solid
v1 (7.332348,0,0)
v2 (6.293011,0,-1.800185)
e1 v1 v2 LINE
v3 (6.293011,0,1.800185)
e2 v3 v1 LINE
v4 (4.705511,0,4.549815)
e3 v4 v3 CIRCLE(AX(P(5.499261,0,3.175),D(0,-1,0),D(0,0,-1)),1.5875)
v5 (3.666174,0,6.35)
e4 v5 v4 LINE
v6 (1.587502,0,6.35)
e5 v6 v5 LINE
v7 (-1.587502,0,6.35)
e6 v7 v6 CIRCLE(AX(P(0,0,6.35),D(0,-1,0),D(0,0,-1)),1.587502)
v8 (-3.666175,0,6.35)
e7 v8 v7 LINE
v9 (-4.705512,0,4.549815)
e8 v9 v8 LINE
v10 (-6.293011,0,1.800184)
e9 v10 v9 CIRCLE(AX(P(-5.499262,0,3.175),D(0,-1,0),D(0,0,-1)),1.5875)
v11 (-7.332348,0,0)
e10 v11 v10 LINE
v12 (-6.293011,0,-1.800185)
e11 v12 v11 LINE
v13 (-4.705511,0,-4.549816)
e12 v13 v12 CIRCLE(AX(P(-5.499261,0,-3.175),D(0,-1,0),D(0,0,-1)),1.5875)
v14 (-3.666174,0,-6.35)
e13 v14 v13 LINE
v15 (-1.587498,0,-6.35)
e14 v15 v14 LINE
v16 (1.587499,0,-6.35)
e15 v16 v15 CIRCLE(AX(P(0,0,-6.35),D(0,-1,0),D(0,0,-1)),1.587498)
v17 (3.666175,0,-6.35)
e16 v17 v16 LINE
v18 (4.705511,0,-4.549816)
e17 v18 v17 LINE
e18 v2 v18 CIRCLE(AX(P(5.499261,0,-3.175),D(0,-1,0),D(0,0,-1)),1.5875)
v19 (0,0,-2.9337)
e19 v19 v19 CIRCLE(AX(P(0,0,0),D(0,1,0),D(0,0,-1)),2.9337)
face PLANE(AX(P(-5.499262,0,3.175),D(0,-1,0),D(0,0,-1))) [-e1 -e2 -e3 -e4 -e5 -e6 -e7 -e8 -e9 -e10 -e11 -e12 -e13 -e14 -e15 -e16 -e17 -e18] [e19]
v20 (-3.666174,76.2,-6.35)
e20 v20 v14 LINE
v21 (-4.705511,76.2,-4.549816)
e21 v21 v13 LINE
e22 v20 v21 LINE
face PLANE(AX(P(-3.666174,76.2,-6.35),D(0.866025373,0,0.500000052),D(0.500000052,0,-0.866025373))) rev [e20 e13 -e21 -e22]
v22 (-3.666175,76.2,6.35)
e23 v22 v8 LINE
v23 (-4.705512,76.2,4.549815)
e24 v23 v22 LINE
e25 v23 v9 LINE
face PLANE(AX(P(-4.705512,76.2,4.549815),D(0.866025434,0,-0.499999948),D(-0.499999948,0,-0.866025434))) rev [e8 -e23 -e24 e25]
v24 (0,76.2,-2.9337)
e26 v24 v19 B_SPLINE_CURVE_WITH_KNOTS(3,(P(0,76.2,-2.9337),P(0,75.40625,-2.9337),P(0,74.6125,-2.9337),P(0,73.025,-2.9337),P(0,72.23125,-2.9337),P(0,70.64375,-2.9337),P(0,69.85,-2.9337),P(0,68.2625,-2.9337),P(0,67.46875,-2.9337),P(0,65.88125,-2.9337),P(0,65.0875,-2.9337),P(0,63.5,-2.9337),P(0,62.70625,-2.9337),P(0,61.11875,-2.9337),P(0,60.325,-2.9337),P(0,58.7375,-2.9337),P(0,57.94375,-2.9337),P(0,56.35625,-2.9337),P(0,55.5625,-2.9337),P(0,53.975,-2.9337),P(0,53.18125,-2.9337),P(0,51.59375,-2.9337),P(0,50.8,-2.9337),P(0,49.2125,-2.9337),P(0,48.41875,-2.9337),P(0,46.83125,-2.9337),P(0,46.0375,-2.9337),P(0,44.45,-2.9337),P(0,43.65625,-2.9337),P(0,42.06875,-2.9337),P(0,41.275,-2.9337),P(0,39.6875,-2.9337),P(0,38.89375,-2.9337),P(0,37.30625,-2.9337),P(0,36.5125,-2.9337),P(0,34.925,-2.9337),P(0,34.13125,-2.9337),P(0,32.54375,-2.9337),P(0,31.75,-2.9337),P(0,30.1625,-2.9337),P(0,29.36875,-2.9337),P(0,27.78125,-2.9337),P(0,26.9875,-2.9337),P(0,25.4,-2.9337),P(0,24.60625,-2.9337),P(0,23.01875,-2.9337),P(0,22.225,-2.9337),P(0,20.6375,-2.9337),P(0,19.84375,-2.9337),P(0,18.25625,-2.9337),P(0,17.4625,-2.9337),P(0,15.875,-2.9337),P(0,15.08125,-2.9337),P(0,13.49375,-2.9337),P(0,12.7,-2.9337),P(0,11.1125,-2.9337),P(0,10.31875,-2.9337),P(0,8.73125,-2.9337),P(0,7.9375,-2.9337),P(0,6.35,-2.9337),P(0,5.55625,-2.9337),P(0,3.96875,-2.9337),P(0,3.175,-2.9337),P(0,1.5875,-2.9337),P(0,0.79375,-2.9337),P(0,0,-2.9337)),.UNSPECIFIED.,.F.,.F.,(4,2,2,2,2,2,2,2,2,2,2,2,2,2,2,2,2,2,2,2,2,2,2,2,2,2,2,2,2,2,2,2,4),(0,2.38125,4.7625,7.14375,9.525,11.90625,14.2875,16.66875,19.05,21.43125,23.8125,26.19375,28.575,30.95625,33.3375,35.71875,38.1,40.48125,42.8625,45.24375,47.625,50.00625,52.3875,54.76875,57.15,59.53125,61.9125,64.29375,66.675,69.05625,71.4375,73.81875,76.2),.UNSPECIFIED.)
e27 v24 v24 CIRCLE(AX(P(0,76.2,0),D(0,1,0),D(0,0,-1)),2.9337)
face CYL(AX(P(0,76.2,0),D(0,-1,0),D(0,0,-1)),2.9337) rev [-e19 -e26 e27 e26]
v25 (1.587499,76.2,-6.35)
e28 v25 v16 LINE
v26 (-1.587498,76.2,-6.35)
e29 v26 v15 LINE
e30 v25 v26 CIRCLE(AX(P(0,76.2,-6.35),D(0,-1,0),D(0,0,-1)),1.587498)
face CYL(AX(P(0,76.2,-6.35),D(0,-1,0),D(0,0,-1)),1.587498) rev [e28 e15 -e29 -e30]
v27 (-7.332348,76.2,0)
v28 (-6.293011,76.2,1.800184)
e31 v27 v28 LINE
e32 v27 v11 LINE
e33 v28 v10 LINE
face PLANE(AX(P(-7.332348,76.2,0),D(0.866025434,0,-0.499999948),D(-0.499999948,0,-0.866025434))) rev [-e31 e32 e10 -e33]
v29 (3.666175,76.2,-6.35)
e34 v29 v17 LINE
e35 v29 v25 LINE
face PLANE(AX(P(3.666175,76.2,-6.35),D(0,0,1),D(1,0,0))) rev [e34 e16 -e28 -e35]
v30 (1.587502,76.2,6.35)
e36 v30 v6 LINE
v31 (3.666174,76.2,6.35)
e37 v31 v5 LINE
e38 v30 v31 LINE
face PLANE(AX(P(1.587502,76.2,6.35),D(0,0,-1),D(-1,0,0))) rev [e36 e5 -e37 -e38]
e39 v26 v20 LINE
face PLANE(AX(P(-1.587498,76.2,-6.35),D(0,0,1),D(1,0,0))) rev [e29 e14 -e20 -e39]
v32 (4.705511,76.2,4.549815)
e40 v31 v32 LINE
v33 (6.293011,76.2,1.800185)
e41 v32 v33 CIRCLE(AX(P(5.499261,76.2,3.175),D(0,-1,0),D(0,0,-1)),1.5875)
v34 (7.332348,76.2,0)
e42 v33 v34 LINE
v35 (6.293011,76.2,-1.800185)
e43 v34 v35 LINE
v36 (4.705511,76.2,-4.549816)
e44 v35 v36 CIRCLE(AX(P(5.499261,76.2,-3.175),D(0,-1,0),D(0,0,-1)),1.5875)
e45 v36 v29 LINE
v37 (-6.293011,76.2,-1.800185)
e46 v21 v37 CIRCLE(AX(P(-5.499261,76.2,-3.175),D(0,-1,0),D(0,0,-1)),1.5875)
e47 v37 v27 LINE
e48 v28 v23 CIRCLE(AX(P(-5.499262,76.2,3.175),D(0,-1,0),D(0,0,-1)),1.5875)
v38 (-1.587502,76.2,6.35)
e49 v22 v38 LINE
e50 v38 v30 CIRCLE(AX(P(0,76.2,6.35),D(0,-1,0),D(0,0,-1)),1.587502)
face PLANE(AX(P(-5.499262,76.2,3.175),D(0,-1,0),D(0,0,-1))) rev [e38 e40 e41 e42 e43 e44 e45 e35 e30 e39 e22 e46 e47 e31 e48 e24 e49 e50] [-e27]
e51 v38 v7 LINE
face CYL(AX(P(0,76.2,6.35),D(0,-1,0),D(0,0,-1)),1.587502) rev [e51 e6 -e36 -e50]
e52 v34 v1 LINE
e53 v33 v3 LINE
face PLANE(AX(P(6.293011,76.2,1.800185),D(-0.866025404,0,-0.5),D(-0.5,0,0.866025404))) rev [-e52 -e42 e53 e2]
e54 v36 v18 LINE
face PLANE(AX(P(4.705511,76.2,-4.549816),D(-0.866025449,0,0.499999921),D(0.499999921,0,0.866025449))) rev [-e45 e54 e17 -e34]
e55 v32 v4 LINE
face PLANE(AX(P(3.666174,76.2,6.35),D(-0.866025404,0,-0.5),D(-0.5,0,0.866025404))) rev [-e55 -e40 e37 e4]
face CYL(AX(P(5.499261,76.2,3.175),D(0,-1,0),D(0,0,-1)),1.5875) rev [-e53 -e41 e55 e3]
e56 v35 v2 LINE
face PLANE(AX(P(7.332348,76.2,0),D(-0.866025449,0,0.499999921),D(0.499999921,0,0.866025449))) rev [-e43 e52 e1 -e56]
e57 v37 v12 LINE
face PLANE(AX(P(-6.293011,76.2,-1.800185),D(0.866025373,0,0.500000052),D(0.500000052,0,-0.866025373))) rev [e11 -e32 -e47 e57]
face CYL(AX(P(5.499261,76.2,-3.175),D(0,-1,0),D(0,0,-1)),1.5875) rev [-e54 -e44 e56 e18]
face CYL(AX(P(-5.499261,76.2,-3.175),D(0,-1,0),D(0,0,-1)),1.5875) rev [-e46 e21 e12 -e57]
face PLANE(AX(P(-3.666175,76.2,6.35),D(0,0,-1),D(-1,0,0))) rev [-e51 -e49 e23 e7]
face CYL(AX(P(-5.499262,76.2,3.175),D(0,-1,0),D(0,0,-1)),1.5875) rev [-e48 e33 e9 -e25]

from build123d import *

# Parameters (mm, degrees)
SKETCH1_R           = 2.9337
BOSS_EXTRUDE1_DEPTH = 76.2


with BuildPart() as part:
    # Sketch1 → Boss-Extrude1 (new body)
    with BuildSketch(Plane(origin=(0, 0, 0), x_dir=(1, 0, 0), z_dir=(0, 1, 0))):
        with BuildLine():
            Line((-4.70551159, -4.549815043), (-3.666174521, -6.349999904))
            Line((-3.666174521, -6.349999904), (-1.587501539, -6.349999904))
            ThreePointArc((-1.587501539, -6.349999904), (-3.85e-07, -4.76249875), (1.587501539, -6.349999904))
            Line((1.587501539, -6.349999904), (3.666173825, -6.349999904))
            Line((3.666173825, -6.349999904), (4.705510929, -4.549815232))
            ThreePointArc((4.705510929, -4.549815232), (4.124445601, -2.381249904), (6.293010929, -1.800184575))
            Line((6.293010929, -1.800184575), (7.332348034, 9.6e-08))
            Line((7.332348034, 9.6e-08), (6.293011178, 1.800184715))
            ThreePointArc((6.293011178, 1.800184715), (4.124445902, 2.381250241), (4.705511428, 4.549815516))
            Line((4.705511428, 4.549815516), (3.666174521, 6.350000222))
            Line((3.666174521, 6.350000222), (1.587498461, 6.350000222))
            ThreePointArc((1.587498461, 6.350000222), (3.85e-07, 4.762502146), (-1.587498461, 6.350000222))
            Line((-1.587498461, 6.350000222), (-3.666173825, 6.350000222))
            Line((-3.666173825, 6.350000222), (-4.705511038, 4.549815614))
            ThreePointArc((-4.705511038, 4.549815614), (-4.124445841, 2.38125025), (-6.293011205, 1.800185053))
            Line((-6.293011205, 1.800185053), (-7.332348419, 4.44e-07))
            Line((-7.332348419, 4.44e-07), (-6.293011423, -1.80018429))
            ThreePointArc((-6.293011423, -1.80018429), (-4.12444613, -2.38124975), (-4.70551159, -4.549815043))
        make_face()
        with Locations(Location((0, 0, 0), (0, 0, 90))):
            Circle(SKETCH1_R, mode=Mode.SUBTRACT)
    extrude(amount=BOSS_EXTRUDE1_DEPTH)


solid = part.part
